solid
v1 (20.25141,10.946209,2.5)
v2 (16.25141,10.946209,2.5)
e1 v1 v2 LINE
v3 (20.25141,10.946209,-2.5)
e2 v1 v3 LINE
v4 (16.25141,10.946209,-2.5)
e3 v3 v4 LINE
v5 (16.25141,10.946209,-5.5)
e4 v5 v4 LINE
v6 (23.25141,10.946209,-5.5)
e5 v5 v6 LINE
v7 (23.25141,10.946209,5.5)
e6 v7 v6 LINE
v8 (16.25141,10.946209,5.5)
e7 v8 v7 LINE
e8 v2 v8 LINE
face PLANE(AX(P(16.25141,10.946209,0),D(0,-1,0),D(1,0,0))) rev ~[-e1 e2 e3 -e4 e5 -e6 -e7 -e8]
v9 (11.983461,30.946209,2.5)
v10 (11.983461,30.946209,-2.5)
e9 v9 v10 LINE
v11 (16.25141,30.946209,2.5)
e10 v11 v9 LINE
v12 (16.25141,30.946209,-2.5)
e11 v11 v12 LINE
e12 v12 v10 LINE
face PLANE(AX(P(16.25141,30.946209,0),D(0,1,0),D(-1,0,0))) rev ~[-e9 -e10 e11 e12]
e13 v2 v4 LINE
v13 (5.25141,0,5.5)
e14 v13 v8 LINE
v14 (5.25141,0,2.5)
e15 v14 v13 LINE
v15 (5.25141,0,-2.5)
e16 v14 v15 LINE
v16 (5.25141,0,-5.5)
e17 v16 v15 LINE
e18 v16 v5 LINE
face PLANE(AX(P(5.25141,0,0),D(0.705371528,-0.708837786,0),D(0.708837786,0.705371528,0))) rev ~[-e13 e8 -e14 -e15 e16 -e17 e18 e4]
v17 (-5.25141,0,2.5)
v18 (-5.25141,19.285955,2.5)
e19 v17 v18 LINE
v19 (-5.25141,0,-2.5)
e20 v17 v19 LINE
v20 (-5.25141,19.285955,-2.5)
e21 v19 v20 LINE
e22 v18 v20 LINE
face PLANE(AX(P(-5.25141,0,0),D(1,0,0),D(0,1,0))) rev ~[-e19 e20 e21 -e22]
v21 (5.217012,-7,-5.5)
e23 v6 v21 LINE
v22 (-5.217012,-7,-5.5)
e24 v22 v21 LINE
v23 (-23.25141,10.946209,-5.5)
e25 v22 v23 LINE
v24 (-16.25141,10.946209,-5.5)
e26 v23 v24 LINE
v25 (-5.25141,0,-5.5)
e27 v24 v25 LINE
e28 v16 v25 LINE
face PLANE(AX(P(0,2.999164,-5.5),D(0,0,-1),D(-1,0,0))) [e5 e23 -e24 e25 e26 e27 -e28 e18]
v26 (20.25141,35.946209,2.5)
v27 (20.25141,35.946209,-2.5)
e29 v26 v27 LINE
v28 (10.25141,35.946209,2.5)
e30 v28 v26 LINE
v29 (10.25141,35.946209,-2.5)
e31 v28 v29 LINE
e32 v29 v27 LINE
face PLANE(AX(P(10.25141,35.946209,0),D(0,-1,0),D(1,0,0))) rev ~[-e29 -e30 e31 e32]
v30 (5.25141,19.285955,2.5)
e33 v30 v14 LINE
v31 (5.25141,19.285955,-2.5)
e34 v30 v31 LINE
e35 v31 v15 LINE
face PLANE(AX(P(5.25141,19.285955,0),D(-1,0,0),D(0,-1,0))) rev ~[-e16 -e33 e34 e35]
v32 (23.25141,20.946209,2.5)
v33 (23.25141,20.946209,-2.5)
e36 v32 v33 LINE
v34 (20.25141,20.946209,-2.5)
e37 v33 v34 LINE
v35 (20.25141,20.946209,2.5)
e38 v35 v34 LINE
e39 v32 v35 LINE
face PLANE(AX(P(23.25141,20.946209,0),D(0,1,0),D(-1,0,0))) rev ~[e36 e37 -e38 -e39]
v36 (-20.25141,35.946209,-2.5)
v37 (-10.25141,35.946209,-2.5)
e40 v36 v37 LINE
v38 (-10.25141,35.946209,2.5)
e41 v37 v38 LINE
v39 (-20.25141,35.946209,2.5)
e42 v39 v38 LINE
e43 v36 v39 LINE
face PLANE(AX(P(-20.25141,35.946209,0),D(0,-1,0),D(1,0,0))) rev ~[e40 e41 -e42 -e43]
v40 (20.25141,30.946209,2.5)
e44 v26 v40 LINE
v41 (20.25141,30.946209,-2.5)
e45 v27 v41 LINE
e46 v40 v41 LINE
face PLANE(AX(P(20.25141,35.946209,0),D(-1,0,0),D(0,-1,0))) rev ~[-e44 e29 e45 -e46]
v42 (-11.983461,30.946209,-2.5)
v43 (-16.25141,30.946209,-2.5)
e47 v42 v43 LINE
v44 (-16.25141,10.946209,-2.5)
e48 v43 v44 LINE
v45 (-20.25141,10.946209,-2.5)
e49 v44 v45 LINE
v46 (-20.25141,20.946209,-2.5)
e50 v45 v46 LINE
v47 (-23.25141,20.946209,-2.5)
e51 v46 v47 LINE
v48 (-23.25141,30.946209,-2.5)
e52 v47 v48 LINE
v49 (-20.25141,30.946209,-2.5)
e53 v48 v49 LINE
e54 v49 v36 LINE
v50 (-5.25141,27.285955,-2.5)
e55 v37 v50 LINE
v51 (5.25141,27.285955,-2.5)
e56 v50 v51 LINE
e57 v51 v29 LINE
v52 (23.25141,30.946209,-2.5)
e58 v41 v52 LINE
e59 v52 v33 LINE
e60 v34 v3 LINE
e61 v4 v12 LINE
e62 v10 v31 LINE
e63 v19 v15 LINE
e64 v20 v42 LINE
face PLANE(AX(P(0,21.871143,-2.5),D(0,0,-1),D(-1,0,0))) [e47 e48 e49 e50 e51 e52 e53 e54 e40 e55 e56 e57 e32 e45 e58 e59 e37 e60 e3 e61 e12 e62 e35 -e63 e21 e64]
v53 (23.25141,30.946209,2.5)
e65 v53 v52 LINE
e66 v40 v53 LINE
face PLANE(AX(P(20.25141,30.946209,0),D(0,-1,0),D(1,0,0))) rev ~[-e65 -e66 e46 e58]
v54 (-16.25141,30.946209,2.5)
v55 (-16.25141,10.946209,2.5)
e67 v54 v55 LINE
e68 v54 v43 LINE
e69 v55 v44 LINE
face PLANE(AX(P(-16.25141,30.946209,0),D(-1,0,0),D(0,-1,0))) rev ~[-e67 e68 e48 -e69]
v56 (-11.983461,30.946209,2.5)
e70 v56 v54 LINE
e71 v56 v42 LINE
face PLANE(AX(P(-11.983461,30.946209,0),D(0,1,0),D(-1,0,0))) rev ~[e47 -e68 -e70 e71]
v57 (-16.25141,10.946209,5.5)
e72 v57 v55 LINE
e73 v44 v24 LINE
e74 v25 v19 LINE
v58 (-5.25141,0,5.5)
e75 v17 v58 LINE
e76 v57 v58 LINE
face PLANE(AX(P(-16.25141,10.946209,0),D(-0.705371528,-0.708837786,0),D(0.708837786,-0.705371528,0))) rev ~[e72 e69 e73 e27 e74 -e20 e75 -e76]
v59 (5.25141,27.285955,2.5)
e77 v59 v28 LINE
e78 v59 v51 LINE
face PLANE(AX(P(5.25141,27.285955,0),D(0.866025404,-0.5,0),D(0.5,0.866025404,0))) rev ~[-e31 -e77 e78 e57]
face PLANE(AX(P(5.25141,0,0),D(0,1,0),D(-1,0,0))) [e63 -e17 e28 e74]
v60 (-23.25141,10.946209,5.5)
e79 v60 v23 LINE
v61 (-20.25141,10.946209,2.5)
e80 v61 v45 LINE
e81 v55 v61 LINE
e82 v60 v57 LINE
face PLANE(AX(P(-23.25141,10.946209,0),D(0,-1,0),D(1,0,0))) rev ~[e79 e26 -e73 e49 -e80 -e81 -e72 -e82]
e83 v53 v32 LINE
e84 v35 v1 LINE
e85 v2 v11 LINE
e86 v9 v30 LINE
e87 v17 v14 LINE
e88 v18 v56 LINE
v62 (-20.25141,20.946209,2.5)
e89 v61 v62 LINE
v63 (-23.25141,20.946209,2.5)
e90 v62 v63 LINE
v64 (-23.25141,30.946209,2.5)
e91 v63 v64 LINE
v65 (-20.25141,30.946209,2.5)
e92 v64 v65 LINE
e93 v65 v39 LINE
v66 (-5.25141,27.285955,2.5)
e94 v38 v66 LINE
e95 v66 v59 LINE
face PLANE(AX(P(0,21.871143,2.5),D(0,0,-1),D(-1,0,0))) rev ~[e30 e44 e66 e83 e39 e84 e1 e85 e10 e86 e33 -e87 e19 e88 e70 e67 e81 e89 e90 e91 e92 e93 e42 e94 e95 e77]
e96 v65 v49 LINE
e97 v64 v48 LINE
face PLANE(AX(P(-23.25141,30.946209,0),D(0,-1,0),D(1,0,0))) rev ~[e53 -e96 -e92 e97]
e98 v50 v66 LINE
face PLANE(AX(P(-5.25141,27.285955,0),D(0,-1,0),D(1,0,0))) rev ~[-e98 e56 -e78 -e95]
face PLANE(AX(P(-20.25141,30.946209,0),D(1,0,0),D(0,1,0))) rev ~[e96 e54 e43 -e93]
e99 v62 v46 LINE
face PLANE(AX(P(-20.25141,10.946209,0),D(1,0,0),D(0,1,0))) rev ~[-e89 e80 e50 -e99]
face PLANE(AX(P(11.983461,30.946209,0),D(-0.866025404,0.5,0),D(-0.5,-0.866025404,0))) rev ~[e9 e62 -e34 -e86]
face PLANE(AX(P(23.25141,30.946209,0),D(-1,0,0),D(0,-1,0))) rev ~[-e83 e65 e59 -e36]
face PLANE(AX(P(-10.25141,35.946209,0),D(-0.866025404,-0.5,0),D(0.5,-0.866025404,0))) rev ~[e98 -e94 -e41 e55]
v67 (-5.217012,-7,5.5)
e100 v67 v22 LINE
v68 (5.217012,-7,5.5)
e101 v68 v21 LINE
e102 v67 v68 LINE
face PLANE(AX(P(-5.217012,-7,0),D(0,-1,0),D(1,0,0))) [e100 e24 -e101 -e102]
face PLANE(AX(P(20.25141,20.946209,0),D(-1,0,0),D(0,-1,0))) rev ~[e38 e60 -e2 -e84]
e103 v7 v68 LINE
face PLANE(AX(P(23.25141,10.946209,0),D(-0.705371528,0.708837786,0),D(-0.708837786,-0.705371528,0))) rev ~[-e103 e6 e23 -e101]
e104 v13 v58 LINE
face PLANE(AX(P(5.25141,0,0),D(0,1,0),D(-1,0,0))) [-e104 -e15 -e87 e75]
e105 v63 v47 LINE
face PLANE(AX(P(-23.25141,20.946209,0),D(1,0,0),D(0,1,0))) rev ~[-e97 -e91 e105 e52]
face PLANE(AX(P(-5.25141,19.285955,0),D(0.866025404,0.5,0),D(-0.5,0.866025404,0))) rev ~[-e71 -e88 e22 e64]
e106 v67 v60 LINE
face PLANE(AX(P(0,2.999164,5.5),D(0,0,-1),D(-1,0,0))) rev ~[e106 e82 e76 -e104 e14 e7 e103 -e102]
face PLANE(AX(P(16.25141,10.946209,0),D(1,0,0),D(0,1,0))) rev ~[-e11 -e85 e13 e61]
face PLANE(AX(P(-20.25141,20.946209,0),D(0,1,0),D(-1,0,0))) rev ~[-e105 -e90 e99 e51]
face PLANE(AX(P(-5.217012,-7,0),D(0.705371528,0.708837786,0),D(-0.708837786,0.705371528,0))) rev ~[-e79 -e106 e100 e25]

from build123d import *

# Parameters (mm, degrees)
EXTRUDE_1_DEPTH = 2.5
EXTRUDE_2_DEPTH = 5.5


with BuildPart() as part:
    # 草图1 → 凸台-拉伸1 (new, symmetric)
    with BuildSketch(Plane.XY):
        Polygon((-5.251410484, 27.285955328), (5.251410484, 27.285955328), (10.251410484, 35.946209366), (20.251410484, 35.946209366), (20.251410484, 30.946209366), (23.251410484, 30.946209366), (23.251410484, 20.946209366), (20.251410484, 20.946209366), (20.251410484, 10.946209366), (16.251410484, 10.946209366), (16.251410484, 30.946209366), (11.983461292, 30.946209366), (5.251410484, 19.285955328), (5.251410484, 0), (0, 0), (-5.251410484, 0), (-5.251410484, 19.285955328), (-11.983461292, 30.946209366), (-16.251410484, 30.946209366), (-16.251410484, 10.946209366), (-20.251410484, 10.946209366), (-20.251410484, 20.946209366), (-23.251410484, 20.946209366), (-23.251410484, 30.946209366), (-20.251410484, 30.946209366), (-20.251410484, 35.946209366), (-10.251410484, 35.946209366), align=None)
    extrude(amount=EXTRUDE_1_DEPTH, both=True)

    # 草图2 → 凸台-拉伸2 (add, symmetric)
    with BuildSketch(Plane.XY):
        Polygon((16.251410484, 10.946209366), (23.251410484, 10.946209366), (5.21701187, -7), (0, -7), (-5.21701187, -7), (-23.251410484, 10.946209366), (-16.251410484, 10.946209366), (-5.251410484, 0), (0, 0), (5.251410484, 0), align=None)
    extrude(amount=EXTRUDE_2_DEPTH, both=True)


solid = part.part
